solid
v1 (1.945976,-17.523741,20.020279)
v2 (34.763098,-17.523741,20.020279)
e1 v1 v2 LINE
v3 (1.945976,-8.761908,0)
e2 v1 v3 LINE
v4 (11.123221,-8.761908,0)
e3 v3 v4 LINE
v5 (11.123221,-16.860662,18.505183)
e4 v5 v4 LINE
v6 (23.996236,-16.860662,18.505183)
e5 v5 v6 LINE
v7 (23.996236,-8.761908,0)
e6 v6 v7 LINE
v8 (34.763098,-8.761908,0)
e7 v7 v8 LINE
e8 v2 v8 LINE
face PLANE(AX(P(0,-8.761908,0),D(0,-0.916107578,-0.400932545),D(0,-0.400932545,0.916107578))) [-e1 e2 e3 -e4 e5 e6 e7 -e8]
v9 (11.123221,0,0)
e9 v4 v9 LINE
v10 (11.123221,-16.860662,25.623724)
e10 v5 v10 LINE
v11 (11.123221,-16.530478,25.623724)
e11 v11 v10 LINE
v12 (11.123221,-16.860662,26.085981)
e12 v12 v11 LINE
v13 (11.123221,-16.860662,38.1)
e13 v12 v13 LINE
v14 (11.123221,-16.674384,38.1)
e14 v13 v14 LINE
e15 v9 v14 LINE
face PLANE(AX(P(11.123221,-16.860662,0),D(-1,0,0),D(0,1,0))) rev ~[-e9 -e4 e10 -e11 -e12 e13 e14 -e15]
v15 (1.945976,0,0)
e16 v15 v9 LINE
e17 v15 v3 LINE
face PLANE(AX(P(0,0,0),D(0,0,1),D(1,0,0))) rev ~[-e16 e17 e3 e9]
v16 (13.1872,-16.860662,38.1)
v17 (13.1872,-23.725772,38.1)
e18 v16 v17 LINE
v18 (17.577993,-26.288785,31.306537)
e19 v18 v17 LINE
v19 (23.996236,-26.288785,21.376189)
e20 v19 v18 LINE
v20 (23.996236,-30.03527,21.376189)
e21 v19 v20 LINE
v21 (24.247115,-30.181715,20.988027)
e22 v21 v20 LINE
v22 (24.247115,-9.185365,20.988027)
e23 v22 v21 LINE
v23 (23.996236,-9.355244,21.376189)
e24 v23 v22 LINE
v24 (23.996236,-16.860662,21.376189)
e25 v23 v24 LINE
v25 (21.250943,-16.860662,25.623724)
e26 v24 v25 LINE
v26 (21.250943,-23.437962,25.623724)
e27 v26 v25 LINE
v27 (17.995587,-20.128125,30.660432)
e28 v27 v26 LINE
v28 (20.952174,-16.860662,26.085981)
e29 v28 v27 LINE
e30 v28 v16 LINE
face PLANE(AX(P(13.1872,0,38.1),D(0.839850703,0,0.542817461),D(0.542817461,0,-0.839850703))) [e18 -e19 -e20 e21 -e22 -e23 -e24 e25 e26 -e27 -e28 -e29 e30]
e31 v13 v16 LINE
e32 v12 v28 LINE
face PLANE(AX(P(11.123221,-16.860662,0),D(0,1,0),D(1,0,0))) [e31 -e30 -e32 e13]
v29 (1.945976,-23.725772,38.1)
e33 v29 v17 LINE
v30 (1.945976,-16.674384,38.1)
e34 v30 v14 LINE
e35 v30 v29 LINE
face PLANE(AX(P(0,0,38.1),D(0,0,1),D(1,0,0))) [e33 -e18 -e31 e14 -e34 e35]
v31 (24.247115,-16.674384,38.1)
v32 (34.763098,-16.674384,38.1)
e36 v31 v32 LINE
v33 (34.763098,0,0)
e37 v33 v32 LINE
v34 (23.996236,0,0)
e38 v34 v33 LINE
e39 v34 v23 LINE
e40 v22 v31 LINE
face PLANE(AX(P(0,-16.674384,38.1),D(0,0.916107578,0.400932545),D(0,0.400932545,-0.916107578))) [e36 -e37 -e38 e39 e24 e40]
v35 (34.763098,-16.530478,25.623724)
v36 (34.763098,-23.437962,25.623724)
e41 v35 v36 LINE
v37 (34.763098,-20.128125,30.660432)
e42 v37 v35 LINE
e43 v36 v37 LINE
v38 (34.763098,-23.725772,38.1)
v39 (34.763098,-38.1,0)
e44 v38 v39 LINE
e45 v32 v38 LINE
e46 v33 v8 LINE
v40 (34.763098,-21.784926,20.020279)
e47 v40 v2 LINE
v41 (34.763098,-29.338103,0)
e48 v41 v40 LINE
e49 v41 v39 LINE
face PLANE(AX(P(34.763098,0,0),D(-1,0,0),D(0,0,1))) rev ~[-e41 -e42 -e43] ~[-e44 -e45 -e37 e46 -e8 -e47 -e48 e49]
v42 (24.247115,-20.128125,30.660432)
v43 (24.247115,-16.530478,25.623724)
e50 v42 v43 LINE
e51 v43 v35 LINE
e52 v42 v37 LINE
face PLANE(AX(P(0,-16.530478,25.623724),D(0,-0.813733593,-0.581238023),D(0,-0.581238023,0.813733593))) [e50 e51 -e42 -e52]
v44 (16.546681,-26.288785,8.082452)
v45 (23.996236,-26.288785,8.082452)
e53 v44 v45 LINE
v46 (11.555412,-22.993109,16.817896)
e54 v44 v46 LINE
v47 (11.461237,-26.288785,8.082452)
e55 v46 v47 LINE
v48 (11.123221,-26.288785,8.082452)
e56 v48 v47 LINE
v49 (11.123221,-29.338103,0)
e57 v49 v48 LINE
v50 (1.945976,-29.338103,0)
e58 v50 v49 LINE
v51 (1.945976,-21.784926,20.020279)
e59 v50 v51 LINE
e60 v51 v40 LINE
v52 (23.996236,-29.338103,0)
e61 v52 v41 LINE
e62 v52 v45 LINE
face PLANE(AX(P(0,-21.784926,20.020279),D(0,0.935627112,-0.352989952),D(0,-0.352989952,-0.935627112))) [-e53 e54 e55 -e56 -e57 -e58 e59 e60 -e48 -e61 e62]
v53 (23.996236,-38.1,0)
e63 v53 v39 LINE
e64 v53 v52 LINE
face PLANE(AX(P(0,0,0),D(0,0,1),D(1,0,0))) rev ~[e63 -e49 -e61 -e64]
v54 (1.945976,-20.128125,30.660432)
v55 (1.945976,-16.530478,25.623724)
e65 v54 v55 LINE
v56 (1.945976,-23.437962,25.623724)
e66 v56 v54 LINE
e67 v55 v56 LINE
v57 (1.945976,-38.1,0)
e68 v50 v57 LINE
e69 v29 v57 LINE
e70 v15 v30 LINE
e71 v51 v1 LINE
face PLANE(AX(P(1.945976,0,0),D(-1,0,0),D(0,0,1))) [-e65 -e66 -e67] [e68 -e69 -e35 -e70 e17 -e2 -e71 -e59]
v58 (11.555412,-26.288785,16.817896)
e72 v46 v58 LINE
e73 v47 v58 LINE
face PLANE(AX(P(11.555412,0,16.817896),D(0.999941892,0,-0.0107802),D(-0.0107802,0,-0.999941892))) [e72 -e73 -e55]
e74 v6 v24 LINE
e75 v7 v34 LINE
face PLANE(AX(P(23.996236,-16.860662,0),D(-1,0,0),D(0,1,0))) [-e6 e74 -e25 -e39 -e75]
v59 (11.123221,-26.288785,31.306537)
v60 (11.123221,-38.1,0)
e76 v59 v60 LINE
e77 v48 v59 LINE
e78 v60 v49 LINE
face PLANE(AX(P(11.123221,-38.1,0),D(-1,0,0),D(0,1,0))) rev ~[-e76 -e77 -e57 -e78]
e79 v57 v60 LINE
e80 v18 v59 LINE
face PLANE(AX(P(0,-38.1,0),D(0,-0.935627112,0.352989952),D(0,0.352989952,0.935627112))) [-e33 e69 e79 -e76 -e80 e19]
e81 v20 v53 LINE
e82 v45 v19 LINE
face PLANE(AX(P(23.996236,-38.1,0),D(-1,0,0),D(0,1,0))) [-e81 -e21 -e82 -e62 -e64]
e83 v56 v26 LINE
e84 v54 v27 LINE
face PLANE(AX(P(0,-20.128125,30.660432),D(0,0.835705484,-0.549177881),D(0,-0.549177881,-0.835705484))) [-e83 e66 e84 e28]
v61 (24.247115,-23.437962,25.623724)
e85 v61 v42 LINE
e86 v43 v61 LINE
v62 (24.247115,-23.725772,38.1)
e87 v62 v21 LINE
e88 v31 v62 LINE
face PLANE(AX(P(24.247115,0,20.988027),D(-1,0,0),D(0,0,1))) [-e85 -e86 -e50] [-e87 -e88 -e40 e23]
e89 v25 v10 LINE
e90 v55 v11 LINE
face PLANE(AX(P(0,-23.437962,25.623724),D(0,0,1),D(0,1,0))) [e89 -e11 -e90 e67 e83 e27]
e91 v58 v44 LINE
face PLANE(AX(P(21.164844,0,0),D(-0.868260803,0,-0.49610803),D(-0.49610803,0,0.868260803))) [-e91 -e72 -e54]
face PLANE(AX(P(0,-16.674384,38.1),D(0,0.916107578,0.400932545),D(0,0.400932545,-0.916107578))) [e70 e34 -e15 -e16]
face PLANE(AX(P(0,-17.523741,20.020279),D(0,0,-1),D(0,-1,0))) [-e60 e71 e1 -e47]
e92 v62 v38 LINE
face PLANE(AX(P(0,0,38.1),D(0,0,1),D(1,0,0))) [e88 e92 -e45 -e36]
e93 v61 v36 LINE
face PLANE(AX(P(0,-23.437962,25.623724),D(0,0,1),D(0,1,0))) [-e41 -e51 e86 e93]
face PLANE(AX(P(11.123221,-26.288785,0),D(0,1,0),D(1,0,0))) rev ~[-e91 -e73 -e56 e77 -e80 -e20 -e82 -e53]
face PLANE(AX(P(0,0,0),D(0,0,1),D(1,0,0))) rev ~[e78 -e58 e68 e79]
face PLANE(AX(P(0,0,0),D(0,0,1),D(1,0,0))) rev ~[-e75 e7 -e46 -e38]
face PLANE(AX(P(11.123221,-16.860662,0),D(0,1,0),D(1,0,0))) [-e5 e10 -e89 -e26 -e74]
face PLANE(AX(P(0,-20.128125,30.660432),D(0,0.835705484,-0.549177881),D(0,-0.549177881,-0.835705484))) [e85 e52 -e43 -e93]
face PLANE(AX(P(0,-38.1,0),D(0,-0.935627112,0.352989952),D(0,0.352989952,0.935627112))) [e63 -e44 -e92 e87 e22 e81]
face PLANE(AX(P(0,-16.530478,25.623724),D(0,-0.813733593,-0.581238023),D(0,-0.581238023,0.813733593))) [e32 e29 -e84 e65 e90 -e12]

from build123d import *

# Parameters (mm, degrees)
F0_W     = 38.1
F0_H     = 38.1
F1_DEPTH = 38.1
F3_DEPTH = 38.1
F4_W     = 3.3369022369
F4_H     = 38.1
F4_W_2   = 1.9459760515
F5_DEPTH = 38.1
F6_W     = 1.9311041106
F6_H     = 38.1
F6_W_2   = 12.8730144352
F6_H_2   = 16.8606620282
F6_H_3   = 11.8112149596
F6_W_3   = 3.1704599917
F7_DEPTH = 38.1


with BuildPart() as f1:
    # F0 (on Front) → F1 (new body)
    with BuildSketch(Plane.XZ):
        with Locations((19.05, 19.05)):
            Rectangle(F0_W, F0_H)
    extrude(amount=F1_DEPTH)

    # F2 (on Right) → F3 (cut)
    with BuildSketch(Plane.YZ):
        Polygon((-38.1, 0), (-23.7257722765, 38.1), (-38.1, 38.1), align=None)
        Polygon((-29.3381027877, 0), (-8.7619078, 0), (-17.5237406998, 20.0202792485), (-21.7849255435, 20.0202792485), align=None)
        Polygon((-16.6743844748, 38.1), (0, 0), (0, 38.1), align=None)
        Polygon((-23.437961936, 25.6237238646), (-20.1281253248, 25.6237238646), (-16.5304783732, 25.6237238646), (-20.1281253248, 30.6604318321), align=None)
    extrude(amount=F3_DEPTH, mode=Mode.SUBTRACT)

    # F4 (on Front) → F5 (cut)
    with BuildSketch(Plane.XZ):
        with Locations((36.4315488815, 19.05)):
            Rectangle(F4_W, F4_H)
        Polygon((24.2471154779, 38.1), (13.187199831, 38.1), (24.2471154779, 20.9880266339), align=None)
        Polygon((11.5554118529, 16.8178956956), (11.3741010427, 0), (21.1648438126, 0), align=None)
        with Locations((0.9729880258, 19.05)):
            Rectangle(F4_W_2, F4_H)
    extrude(amount=F5_DEPTH, mode=Mode.SUBTRACT)

    # F6 (on Top) → F7 (cut)
    with BuildSketch(Plane.XY):
        with Locations((0.9655520553, -19.05)):
            Rectangle(F6_W, F6_H)
        with Locations((17.5597285852, -8.4303310141)):
            Rectangle(F6_W_2, F6_H_2)
        with Locations((17.5597285852, -32.1943925202)):
            Rectangle(F6_W_2, F6_H_3)
        with Locations((36.5147700042, -19.05)):
            Rectangle(F6_W_3, F6_H)
    extrude(amount=F7_DEPTH, mode=Mode.SUBTRACT)


solid = f1.part
